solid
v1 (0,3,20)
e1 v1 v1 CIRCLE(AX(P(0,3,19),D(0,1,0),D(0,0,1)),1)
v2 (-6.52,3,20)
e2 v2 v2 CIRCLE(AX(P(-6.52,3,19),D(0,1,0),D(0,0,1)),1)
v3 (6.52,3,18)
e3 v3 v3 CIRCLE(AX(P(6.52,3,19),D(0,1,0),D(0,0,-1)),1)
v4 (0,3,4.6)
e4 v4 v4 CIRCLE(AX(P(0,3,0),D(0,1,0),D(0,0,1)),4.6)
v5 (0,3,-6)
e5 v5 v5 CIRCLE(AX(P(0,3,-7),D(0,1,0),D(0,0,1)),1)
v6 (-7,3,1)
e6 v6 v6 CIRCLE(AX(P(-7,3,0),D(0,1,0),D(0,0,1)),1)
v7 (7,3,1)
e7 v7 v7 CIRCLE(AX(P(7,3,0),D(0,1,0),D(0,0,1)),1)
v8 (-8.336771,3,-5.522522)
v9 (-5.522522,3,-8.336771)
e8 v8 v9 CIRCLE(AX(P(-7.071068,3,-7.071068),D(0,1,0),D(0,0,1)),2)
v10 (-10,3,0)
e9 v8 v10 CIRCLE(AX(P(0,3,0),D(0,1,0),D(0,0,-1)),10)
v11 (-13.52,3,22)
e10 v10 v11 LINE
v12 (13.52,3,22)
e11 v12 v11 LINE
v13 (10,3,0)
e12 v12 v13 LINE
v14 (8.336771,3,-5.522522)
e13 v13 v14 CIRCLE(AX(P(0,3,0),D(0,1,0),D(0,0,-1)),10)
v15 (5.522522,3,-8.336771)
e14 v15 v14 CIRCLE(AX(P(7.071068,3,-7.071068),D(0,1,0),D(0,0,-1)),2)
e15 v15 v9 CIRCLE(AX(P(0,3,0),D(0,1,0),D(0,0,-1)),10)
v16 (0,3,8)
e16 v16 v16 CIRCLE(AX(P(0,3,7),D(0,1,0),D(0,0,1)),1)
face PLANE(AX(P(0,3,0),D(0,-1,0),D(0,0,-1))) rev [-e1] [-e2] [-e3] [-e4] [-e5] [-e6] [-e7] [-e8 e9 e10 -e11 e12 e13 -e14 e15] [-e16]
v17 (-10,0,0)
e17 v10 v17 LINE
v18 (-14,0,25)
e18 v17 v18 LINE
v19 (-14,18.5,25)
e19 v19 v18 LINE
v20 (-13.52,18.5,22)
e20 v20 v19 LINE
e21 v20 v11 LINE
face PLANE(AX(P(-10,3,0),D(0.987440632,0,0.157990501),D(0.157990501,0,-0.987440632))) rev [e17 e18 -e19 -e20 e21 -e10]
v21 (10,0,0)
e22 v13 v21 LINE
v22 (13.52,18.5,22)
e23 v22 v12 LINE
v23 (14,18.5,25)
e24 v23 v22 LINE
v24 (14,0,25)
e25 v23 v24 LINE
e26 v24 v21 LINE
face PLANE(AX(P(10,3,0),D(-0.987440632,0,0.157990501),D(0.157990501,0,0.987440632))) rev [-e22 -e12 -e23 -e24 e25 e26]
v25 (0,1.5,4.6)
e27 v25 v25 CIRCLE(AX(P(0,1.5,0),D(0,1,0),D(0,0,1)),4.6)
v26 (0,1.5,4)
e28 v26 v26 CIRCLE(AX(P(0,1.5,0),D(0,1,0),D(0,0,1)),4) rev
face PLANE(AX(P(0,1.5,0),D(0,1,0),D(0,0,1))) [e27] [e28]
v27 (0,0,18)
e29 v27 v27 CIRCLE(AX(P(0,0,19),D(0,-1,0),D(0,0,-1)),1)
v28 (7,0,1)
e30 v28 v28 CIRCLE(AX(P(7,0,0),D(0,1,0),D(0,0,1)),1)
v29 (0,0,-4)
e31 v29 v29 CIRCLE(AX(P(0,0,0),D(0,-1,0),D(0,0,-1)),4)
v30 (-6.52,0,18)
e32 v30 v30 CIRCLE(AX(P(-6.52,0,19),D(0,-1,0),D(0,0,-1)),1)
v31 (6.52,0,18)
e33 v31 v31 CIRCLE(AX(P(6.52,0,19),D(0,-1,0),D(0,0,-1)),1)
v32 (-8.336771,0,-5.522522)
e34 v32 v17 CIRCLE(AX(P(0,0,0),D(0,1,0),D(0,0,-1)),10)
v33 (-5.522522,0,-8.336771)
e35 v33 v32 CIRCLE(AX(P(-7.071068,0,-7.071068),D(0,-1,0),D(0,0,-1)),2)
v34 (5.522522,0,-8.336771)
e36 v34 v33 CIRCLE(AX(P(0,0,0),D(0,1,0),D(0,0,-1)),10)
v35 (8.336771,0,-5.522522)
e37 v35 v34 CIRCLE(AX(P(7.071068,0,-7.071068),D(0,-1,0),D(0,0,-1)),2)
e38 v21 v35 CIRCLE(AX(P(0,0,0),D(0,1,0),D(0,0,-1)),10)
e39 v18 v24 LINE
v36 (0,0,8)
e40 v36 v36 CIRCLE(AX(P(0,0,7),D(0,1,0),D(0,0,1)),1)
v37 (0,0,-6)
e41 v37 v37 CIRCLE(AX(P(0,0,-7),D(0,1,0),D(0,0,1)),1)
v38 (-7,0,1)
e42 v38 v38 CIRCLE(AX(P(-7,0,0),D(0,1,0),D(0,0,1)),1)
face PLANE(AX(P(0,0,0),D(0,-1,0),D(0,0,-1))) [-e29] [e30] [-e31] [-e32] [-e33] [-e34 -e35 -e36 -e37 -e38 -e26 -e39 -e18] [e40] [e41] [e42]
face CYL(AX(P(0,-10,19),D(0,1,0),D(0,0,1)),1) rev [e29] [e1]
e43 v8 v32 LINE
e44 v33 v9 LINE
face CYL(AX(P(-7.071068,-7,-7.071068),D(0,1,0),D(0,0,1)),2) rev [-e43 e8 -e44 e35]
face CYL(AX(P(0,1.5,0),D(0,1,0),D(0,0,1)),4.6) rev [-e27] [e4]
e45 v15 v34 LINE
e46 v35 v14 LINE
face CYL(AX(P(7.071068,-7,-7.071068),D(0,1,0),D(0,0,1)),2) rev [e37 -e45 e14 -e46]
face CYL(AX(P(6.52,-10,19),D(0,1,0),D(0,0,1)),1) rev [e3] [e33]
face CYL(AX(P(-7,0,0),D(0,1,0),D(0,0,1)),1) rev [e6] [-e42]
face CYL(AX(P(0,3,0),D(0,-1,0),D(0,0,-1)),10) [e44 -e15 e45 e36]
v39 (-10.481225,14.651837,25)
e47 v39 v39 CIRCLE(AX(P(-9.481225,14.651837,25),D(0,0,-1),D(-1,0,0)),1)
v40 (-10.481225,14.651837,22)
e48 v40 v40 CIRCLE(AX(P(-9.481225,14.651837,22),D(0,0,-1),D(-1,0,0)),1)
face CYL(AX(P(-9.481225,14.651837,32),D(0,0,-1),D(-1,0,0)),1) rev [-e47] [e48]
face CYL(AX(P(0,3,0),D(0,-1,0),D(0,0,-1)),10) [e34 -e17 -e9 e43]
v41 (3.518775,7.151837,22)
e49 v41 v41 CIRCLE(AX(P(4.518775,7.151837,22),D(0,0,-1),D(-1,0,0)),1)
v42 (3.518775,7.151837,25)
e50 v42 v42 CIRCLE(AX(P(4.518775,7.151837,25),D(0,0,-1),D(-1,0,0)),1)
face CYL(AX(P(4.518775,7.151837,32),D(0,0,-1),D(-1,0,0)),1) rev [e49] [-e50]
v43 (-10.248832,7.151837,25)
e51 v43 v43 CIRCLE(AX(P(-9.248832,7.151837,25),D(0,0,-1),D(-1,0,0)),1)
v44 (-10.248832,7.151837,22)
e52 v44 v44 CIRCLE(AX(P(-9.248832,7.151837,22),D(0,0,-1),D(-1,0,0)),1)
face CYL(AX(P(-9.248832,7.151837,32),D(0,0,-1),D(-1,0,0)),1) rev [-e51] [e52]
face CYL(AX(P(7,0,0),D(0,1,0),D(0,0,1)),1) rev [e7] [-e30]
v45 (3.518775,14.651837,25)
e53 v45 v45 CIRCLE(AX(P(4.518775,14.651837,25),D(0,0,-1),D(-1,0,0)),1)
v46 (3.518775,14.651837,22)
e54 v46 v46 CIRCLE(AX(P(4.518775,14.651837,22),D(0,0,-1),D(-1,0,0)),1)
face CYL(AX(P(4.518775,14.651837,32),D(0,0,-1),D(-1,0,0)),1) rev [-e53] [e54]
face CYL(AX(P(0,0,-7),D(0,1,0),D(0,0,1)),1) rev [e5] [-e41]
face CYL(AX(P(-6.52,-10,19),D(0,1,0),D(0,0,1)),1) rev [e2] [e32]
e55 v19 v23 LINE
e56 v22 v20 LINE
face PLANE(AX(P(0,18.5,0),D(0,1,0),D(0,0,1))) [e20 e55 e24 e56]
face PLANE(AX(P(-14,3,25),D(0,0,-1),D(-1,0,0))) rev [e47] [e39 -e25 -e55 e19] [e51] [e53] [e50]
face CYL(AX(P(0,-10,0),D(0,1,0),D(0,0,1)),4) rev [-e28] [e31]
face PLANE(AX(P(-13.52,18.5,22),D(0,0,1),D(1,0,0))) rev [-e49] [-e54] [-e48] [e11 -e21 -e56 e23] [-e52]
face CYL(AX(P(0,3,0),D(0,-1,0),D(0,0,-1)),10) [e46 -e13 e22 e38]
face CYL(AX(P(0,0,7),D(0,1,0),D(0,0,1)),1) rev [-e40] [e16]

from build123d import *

# Parameters (mm, degrees)
BOSS_EXTRUDE1_DEPTH = 3
SKETCH2_R           = 4
CUT_EXTRUDE1_DEPTH  = 13
SKETCH3_R           = 1
CUT_EXTRUDE2_DEPTH  = 13
SKETCH4_R           = 1
CUT_EXTRUDE3_DEPTH  = 3
BOSS_EXTRUDE2_DEPTH = 15.5
SKETCH6_R           = 4.6
CUT_EXTRUDE4_DEPTH  = 1.5
SKETCH7_R           = 2
CUT_EXTRUDE5_DEPTH  = 10
SKETCH8_R           = 1
CUT_EXTRUDE6_DEPTH  = 10


with BuildPart() as part:
    # Sketch1 → Boss-Extrude1 (new body)
    with BuildSketch(Plane(origin=(0, 0, 0), x_dir=(1, 0, 0), z_dir=(0, 1, 0))):
        with BuildLine():
            Line((-10, 0), (-14, -25))
            Line((-14, -25), (14, -25))
            Line((14, -25), (10, 0))
            ThreePointArc((10, 0), (0, 10), (-10, 0))
        make_face()
    extrude(amount=BOSS_EXTRUDE1_DEPTH)

    # Sketch2 → Cut-Extrude1 (cut)
    with BuildSketch(Plane(origin=(0, 3, 0), x_dir=(1, 0, 0), z_dir=(0, 1, 0))):
        Circle(SKETCH2_R)
    extrude(amount=-CUT_EXTRUDE1_DEPTH, mode=Mode.SUBTRACT)

    # Sketch3 → Cut-Extrude2 (cut)
    with BuildSketch(Plane(origin=(0, 3, 0), x_dir=(1, 0, 0), z_dir=(0, 1, 0))):
        with Locations((-6.52, -19)):
            Circle(SKETCH3_R)
        with Locations((6.52, -19)):
            Circle(SKETCH3_R)
        with Locations((0, -19)):
            Circle(SKETCH3_R)
    extrude(amount=-CUT_EXTRUDE2_DEPTH, mode=Mode.SUBTRACT)

    # Sketch4 → Cut-Extrude3 (cut)
    with BuildSketch(Plane(origin=(0, 3, 0), x_dir=(1, 0, 0), z_dir=(0, 1, 0))):
        with Locations((0, -7)):
            Circle(SKETCH4_R)
        with Locations((-7, 0)):
            Circle(SKETCH4_R)
        with Locations((0, 7)):
            Circle(SKETCH4_R)
        with Locations((7, 0)):
            Circle(SKETCH4_R)
    extrude(amount=-CUT_EXTRUDE3_DEPTH, mode=Mode.SUBTRACT)

    # Sketch5 → Boss-Extrude2 (add)
    with BuildSketch(Plane(origin=(0, 3, 0), x_dir=(1, 0, 0), z_dir=(0, 1, 0))):
        Polygon((-13.52, -22), (13.52, -22), (14, -25), (-14, -25), align=None)
    extrude(amount=BOSS_EXTRUDE2_DEPTH)

    # Sketch6 → Cut-Extrude4 (cut)
    with BuildSketch(Plane(origin=(0, 3, 0), x_dir=(1, 0, 0), z_dir=(0, 1, 0))):
        Circle(SKETCH6_R)
    extrude(amount=-CUT_EXTRUDE4_DEPTH, mode=Mode.SUBTRACT)

    # Sketch7 → Cut-Extrude5 (cut)
    with BuildSketch(Plane(origin=(0, 3, 0), x_dir=(1, 0, 0), z_dir=(0, 1, 0))):
        with Locations((-7.071067812, 7.071067812)):
            Circle(SKETCH7_R)
        with Locations((7.071067812, 7.071067812)):
            Circle(SKETCH7_R)
    extrude(amount=-CUT_EXTRUDE5_DEPTH, mode=Mode.SUBTRACT)

    # Sketch8 → Cut-Extrude6 (cut)
    with BuildSketch(Plane(origin=(0, 0, 22), x_dir=(-1, 0, 0), z_dir=(0, 0, -1))):
        with Locations((-4.518775135, 7.151837118)):
            Circle(SKETCH8_R)
        with Locations((-4.518775135, 14.651837118)):
            Circle(SKETCH8_R)
        with Locations((9.481224865, 14.651837118)):
            Circle(SKETCH8_R)
        with Locations((9.248832445, 7.151837118)):
            Circle(SKETCH8_R)
    extrude(amount=-CUT_EXTRUDE6_DEPTH, mode=Mode.SUBTRACT)


solid = part.part
